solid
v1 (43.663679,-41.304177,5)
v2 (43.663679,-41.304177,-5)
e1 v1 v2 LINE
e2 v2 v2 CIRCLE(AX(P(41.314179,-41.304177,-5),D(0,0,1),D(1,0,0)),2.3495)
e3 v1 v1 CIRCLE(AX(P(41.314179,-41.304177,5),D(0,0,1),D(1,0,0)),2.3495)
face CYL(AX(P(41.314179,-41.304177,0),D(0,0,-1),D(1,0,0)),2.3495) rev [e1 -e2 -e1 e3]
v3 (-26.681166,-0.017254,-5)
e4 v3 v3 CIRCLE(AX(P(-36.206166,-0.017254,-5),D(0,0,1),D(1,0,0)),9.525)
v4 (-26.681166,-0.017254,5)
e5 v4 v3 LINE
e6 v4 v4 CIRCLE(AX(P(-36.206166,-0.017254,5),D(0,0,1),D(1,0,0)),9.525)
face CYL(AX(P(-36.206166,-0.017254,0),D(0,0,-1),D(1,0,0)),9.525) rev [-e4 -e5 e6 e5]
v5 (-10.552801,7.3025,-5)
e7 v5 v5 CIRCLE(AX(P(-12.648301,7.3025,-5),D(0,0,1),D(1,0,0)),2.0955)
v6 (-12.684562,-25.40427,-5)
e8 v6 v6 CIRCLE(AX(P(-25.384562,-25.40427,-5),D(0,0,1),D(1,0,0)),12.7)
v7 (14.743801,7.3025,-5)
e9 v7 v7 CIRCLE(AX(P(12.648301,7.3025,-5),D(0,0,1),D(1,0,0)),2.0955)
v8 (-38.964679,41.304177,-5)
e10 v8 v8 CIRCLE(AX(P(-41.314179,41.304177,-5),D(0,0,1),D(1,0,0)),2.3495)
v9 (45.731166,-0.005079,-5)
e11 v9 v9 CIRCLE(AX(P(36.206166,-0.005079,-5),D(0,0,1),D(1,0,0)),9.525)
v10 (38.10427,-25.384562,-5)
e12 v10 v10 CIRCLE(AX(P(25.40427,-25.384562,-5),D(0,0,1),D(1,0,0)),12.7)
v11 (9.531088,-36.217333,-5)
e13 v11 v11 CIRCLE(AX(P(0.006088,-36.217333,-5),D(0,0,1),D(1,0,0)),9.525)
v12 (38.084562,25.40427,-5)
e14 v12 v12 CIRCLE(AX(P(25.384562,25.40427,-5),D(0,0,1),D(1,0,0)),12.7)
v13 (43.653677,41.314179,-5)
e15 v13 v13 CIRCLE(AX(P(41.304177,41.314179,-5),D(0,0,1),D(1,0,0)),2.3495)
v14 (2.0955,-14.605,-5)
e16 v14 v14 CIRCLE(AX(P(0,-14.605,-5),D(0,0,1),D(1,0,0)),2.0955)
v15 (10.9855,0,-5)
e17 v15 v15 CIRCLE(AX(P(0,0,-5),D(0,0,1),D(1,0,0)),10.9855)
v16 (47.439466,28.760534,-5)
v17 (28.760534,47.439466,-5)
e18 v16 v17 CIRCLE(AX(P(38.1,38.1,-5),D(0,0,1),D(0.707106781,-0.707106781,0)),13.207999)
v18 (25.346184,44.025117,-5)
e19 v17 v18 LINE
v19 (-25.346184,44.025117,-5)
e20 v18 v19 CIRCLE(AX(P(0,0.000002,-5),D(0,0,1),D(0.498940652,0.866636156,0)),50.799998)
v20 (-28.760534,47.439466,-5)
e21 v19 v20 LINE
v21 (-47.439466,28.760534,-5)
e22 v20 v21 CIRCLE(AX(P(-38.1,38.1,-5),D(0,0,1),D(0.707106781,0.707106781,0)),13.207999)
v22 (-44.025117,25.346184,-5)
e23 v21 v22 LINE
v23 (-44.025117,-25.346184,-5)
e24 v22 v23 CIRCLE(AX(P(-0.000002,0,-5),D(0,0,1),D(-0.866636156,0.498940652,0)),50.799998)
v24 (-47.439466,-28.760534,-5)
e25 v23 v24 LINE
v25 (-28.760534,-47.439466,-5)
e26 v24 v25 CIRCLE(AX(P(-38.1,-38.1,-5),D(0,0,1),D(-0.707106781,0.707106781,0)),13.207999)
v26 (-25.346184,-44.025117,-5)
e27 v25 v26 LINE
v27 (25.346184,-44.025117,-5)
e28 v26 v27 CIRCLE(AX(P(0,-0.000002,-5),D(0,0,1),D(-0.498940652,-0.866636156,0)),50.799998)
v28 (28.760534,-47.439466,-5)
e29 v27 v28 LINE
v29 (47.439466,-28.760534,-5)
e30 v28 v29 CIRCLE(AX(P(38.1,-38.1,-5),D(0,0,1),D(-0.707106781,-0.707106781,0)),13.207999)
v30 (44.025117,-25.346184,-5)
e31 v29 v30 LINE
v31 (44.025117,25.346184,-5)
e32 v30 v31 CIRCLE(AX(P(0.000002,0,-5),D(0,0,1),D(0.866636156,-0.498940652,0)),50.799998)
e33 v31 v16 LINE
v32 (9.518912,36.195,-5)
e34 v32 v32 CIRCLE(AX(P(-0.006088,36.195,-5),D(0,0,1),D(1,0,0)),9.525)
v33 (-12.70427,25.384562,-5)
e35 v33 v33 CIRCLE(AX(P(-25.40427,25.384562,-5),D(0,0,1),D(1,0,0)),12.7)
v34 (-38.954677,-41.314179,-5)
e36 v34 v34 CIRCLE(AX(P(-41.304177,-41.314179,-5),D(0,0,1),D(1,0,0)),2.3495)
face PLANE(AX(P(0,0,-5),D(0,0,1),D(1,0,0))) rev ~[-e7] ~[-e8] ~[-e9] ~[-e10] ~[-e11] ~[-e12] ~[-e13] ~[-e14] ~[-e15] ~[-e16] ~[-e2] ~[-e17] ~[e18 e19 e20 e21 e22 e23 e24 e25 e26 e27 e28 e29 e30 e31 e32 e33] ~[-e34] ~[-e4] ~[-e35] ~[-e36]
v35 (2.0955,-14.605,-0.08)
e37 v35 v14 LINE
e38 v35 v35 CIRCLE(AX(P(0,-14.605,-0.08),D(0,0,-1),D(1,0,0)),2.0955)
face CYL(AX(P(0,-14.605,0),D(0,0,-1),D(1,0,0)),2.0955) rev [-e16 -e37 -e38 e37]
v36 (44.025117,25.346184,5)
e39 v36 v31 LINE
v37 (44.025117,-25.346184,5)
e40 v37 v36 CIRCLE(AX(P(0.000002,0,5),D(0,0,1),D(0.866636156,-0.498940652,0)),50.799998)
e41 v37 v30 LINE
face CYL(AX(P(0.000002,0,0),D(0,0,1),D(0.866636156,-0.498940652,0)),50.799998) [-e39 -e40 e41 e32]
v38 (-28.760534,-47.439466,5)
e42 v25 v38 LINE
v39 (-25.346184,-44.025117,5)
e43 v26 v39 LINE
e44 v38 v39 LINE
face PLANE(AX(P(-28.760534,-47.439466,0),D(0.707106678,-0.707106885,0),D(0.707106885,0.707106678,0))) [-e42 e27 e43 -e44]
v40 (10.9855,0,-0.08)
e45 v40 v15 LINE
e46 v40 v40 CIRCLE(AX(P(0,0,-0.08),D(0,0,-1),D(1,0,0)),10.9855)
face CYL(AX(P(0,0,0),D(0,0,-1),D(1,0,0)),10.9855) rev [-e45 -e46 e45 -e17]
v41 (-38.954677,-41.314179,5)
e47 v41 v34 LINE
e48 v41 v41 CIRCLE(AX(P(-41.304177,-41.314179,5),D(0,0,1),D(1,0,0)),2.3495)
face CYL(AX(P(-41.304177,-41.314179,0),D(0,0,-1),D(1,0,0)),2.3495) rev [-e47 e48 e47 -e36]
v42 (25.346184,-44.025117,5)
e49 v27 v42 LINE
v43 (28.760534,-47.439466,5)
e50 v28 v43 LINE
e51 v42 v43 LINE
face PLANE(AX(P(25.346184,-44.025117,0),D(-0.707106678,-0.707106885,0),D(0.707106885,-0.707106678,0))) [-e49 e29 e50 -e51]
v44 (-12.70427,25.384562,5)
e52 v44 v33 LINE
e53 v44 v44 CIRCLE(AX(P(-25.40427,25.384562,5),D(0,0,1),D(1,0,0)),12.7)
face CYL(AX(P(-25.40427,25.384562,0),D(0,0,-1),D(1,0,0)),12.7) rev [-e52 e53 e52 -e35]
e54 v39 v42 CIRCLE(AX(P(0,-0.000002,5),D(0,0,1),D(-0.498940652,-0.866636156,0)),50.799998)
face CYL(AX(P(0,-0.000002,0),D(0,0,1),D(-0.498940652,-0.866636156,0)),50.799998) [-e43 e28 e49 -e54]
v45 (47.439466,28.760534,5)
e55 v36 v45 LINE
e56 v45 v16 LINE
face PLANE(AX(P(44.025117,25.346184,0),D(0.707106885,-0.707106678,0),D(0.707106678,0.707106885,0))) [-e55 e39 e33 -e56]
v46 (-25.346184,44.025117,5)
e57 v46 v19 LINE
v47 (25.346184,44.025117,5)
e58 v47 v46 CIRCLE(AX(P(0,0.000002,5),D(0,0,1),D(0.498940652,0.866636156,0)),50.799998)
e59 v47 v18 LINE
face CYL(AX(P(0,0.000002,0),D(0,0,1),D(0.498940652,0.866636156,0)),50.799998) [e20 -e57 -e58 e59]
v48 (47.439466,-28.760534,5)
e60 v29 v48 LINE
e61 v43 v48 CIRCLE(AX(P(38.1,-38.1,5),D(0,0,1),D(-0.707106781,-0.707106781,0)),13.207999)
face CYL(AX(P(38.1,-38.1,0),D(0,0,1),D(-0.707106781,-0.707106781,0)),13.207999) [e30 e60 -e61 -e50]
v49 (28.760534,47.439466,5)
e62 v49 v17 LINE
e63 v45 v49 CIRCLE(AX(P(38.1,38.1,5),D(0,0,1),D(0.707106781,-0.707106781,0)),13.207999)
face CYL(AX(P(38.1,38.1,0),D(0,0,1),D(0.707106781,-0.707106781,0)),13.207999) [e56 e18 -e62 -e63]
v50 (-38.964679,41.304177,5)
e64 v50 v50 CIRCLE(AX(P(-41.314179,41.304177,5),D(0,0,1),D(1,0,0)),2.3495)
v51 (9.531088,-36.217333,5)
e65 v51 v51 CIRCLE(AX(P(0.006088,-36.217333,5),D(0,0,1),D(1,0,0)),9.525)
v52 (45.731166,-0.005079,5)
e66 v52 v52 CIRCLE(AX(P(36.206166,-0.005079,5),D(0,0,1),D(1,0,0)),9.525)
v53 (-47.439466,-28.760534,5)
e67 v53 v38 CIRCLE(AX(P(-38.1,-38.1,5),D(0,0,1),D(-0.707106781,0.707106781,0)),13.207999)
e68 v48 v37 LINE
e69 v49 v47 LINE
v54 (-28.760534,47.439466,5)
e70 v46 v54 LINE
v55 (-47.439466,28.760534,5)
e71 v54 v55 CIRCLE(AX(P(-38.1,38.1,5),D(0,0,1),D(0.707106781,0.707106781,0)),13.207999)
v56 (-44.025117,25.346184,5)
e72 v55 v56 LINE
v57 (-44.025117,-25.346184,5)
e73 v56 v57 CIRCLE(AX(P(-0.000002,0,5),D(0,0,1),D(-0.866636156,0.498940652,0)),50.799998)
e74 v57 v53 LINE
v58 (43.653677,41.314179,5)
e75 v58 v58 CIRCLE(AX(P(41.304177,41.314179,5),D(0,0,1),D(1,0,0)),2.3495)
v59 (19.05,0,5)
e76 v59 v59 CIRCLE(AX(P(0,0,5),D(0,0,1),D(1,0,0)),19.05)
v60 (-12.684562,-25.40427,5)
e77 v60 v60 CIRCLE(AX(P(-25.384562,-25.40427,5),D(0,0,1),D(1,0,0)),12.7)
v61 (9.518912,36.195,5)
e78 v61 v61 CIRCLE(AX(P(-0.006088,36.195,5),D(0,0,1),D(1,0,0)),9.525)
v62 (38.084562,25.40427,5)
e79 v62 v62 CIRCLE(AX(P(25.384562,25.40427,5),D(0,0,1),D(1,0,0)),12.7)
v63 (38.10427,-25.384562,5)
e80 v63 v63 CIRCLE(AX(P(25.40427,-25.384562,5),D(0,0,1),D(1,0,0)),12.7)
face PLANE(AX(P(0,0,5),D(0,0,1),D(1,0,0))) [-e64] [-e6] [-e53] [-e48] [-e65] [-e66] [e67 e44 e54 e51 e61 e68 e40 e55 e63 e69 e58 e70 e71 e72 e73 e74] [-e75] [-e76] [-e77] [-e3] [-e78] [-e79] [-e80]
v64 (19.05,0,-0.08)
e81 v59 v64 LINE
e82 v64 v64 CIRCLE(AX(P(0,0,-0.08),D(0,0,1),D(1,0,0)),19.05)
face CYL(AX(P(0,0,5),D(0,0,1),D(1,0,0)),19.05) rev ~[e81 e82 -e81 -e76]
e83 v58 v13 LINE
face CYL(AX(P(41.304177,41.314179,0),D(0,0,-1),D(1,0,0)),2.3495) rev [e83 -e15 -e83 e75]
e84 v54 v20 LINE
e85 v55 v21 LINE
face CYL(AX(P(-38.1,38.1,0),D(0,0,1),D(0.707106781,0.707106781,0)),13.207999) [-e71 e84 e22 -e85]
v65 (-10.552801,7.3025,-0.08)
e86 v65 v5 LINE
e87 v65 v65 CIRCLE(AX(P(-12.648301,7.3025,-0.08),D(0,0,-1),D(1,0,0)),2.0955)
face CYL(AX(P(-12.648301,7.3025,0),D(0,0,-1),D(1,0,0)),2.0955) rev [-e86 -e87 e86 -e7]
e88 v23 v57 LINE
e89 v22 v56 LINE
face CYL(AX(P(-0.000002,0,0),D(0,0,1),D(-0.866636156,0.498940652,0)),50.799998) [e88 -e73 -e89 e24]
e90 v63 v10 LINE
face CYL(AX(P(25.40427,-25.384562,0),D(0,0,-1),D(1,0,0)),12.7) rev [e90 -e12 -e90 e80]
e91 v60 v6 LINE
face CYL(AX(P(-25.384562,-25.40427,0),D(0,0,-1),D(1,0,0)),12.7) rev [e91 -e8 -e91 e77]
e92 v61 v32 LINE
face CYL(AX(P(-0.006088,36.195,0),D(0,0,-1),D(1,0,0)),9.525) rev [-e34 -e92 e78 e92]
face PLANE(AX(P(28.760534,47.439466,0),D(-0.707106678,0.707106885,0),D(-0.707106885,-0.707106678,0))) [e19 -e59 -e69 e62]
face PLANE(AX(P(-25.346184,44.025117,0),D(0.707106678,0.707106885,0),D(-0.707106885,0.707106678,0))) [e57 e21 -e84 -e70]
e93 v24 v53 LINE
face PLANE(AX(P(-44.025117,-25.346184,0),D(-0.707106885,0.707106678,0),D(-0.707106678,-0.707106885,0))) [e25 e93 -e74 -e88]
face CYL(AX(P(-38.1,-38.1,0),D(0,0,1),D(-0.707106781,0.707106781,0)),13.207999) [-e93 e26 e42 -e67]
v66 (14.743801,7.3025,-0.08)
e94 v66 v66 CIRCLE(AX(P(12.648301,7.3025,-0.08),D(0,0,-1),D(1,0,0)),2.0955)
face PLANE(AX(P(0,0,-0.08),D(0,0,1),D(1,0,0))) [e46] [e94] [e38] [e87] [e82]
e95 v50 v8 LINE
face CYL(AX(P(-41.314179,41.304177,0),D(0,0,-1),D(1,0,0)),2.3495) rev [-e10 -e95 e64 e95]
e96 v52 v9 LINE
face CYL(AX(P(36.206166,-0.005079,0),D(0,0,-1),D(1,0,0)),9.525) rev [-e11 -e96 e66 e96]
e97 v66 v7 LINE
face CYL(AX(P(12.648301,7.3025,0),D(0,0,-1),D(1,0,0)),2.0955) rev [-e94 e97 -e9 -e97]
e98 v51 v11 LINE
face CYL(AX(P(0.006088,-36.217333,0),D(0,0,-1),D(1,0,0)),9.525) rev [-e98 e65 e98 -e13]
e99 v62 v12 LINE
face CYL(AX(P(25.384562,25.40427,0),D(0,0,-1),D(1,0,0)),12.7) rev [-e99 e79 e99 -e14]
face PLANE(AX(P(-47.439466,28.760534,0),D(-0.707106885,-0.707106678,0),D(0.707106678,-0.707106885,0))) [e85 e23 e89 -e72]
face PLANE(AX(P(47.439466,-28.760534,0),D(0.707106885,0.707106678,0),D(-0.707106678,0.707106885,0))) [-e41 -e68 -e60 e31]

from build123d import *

# Parameters (mm, degrees)
F0_R     = 2.3495
F0_R_2   = 9.525
F0_R_3   = 12.7
F0_R_4   = 2.0955
F0_R_5   = 10.9855
F1_DEPTH = 5
F2_R     = 19.05
F3_DEPTH = 5.08


with BuildPart() as f1:
    # F0 (on Top) → F1 (new body, symmetric)
    with BuildSketch(Plane.XY):
        with BuildLine():
            Line((-47.439466, 28.760534), (-44.025117, 25.346184))
            ThreePointArc((-44.025117, 25.346184), (-50.8, 0), (-44.025117, -25.346184))
            Line((-44.025117, -25.346184), (-47.439466, -28.760534))
            ThreePointArc((-47.439466, -28.760534), (-47.439466, -47.439466), (-28.760534, -47.439466))
            Line((-28.760534, -47.439466), (-25.346184, -44.025117))
            ThreePointArc((-25.346184, -44.025117), (0, -50.8), (25.346184, -44.025117))
            Line((25.346184, -44.025117), (28.760534, -47.439466))
            ThreePointArc((28.760534, -47.439466), (47.439466, -47.439466), (47.439466, -28.760534))
            Line((47.439466, -28.760534), (44.025117, -25.346184))
            ThreePointArc((44.025117, -25.346184), (50.8, 0), (44.025117, 25.346184))
            Line((44.025117, 25.346184), (47.439466, 28.760534))
            ThreePointArc((47.439466, 28.760534), (47.439466, 47.439466), (28.760534, 47.439466))
            Line((28.760534, 47.439466), (25.346184, 44.025117))
            ThreePointArc((25.346184, 44.025117), (0, 50.8), (-25.346184, 44.025117))
            Line((-25.346184, 44.025117), (-28.760534, 47.439466))
            ThreePointArc((-28.760534, 47.439466), (-47.439466, 47.439466), (-47.439466, 28.760534))
        make_face()
        with Locations((-41.304177, -41.314179)):
            Circle(F0_R, mode=Mode.SUBTRACT)
        with Locations((-36.206166, -0.017254)):
            Circle(F0_R_2, mode=Mode.SUBTRACT)
        with Locations((-25.384562, -25.40427)):
            Circle(F0_R_3, mode=Mode.SUBTRACT)
        with Locations((0.006088, -36.217333)):
            Circle(F0_R_2, mode=Mode.SUBTRACT)
        with Locations((41.314179, -41.304177)):
            Circle(F0_R, mode=Mode.SUBTRACT)
        with Locations((0, -14.605)):
            Circle(F0_R_4, mode=Mode.SUBTRACT)
        with Locations((25.40427, -25.384562)):
            Circle(F0_R_3, mode=Mode.SUBTRACT)
        with Locations((36.206166, -0.005079)):
            Circle(F0_R_2, mode=Mode.SUBTRACT)
        with Locations((-12.648301, 7.3025)):
            Circle(F0_R_4, mode=Mode.SUBTRACT)
        with Locations((-25.40427, 25.384562)):
            Circle(F0_R_3, mode=Mode.SUBTRACT)
        with Locations((-41.314179, 41.304177)):
            Circle(F0_R, mode=Mode.SUBTRACT)
        with Locations((-0.006088, 36.195)):
            Circle(F0_R_2, mode=Mode.SUBTRACT)
        Circle(F0_R_5, mode=Mode.SUBTRACT)
        with Locations((12.648301, 7.3025)):
            Circle(F0_R_4, mode=Mode.SUBTRACT)
        with Locations((25.384562, 25.40427)):
            Circle(F0_R_3, mode=Mode.SUBTRACT)
        with Locations((41.304177, 41.314179)):
            Circle(F0_R, mode=Mode.SUBTRACT)
    extrude(amount=F1_DEPTH, both=True)

    # F2 (on face) → F3 (cut)
    with BuildSketch(Plane.XY.offset(5)):
        Circle(F2_R)
    extrude(amount=-F3_DEPTH, mode=Mode.SUBTRACT)


solid = f1.part
